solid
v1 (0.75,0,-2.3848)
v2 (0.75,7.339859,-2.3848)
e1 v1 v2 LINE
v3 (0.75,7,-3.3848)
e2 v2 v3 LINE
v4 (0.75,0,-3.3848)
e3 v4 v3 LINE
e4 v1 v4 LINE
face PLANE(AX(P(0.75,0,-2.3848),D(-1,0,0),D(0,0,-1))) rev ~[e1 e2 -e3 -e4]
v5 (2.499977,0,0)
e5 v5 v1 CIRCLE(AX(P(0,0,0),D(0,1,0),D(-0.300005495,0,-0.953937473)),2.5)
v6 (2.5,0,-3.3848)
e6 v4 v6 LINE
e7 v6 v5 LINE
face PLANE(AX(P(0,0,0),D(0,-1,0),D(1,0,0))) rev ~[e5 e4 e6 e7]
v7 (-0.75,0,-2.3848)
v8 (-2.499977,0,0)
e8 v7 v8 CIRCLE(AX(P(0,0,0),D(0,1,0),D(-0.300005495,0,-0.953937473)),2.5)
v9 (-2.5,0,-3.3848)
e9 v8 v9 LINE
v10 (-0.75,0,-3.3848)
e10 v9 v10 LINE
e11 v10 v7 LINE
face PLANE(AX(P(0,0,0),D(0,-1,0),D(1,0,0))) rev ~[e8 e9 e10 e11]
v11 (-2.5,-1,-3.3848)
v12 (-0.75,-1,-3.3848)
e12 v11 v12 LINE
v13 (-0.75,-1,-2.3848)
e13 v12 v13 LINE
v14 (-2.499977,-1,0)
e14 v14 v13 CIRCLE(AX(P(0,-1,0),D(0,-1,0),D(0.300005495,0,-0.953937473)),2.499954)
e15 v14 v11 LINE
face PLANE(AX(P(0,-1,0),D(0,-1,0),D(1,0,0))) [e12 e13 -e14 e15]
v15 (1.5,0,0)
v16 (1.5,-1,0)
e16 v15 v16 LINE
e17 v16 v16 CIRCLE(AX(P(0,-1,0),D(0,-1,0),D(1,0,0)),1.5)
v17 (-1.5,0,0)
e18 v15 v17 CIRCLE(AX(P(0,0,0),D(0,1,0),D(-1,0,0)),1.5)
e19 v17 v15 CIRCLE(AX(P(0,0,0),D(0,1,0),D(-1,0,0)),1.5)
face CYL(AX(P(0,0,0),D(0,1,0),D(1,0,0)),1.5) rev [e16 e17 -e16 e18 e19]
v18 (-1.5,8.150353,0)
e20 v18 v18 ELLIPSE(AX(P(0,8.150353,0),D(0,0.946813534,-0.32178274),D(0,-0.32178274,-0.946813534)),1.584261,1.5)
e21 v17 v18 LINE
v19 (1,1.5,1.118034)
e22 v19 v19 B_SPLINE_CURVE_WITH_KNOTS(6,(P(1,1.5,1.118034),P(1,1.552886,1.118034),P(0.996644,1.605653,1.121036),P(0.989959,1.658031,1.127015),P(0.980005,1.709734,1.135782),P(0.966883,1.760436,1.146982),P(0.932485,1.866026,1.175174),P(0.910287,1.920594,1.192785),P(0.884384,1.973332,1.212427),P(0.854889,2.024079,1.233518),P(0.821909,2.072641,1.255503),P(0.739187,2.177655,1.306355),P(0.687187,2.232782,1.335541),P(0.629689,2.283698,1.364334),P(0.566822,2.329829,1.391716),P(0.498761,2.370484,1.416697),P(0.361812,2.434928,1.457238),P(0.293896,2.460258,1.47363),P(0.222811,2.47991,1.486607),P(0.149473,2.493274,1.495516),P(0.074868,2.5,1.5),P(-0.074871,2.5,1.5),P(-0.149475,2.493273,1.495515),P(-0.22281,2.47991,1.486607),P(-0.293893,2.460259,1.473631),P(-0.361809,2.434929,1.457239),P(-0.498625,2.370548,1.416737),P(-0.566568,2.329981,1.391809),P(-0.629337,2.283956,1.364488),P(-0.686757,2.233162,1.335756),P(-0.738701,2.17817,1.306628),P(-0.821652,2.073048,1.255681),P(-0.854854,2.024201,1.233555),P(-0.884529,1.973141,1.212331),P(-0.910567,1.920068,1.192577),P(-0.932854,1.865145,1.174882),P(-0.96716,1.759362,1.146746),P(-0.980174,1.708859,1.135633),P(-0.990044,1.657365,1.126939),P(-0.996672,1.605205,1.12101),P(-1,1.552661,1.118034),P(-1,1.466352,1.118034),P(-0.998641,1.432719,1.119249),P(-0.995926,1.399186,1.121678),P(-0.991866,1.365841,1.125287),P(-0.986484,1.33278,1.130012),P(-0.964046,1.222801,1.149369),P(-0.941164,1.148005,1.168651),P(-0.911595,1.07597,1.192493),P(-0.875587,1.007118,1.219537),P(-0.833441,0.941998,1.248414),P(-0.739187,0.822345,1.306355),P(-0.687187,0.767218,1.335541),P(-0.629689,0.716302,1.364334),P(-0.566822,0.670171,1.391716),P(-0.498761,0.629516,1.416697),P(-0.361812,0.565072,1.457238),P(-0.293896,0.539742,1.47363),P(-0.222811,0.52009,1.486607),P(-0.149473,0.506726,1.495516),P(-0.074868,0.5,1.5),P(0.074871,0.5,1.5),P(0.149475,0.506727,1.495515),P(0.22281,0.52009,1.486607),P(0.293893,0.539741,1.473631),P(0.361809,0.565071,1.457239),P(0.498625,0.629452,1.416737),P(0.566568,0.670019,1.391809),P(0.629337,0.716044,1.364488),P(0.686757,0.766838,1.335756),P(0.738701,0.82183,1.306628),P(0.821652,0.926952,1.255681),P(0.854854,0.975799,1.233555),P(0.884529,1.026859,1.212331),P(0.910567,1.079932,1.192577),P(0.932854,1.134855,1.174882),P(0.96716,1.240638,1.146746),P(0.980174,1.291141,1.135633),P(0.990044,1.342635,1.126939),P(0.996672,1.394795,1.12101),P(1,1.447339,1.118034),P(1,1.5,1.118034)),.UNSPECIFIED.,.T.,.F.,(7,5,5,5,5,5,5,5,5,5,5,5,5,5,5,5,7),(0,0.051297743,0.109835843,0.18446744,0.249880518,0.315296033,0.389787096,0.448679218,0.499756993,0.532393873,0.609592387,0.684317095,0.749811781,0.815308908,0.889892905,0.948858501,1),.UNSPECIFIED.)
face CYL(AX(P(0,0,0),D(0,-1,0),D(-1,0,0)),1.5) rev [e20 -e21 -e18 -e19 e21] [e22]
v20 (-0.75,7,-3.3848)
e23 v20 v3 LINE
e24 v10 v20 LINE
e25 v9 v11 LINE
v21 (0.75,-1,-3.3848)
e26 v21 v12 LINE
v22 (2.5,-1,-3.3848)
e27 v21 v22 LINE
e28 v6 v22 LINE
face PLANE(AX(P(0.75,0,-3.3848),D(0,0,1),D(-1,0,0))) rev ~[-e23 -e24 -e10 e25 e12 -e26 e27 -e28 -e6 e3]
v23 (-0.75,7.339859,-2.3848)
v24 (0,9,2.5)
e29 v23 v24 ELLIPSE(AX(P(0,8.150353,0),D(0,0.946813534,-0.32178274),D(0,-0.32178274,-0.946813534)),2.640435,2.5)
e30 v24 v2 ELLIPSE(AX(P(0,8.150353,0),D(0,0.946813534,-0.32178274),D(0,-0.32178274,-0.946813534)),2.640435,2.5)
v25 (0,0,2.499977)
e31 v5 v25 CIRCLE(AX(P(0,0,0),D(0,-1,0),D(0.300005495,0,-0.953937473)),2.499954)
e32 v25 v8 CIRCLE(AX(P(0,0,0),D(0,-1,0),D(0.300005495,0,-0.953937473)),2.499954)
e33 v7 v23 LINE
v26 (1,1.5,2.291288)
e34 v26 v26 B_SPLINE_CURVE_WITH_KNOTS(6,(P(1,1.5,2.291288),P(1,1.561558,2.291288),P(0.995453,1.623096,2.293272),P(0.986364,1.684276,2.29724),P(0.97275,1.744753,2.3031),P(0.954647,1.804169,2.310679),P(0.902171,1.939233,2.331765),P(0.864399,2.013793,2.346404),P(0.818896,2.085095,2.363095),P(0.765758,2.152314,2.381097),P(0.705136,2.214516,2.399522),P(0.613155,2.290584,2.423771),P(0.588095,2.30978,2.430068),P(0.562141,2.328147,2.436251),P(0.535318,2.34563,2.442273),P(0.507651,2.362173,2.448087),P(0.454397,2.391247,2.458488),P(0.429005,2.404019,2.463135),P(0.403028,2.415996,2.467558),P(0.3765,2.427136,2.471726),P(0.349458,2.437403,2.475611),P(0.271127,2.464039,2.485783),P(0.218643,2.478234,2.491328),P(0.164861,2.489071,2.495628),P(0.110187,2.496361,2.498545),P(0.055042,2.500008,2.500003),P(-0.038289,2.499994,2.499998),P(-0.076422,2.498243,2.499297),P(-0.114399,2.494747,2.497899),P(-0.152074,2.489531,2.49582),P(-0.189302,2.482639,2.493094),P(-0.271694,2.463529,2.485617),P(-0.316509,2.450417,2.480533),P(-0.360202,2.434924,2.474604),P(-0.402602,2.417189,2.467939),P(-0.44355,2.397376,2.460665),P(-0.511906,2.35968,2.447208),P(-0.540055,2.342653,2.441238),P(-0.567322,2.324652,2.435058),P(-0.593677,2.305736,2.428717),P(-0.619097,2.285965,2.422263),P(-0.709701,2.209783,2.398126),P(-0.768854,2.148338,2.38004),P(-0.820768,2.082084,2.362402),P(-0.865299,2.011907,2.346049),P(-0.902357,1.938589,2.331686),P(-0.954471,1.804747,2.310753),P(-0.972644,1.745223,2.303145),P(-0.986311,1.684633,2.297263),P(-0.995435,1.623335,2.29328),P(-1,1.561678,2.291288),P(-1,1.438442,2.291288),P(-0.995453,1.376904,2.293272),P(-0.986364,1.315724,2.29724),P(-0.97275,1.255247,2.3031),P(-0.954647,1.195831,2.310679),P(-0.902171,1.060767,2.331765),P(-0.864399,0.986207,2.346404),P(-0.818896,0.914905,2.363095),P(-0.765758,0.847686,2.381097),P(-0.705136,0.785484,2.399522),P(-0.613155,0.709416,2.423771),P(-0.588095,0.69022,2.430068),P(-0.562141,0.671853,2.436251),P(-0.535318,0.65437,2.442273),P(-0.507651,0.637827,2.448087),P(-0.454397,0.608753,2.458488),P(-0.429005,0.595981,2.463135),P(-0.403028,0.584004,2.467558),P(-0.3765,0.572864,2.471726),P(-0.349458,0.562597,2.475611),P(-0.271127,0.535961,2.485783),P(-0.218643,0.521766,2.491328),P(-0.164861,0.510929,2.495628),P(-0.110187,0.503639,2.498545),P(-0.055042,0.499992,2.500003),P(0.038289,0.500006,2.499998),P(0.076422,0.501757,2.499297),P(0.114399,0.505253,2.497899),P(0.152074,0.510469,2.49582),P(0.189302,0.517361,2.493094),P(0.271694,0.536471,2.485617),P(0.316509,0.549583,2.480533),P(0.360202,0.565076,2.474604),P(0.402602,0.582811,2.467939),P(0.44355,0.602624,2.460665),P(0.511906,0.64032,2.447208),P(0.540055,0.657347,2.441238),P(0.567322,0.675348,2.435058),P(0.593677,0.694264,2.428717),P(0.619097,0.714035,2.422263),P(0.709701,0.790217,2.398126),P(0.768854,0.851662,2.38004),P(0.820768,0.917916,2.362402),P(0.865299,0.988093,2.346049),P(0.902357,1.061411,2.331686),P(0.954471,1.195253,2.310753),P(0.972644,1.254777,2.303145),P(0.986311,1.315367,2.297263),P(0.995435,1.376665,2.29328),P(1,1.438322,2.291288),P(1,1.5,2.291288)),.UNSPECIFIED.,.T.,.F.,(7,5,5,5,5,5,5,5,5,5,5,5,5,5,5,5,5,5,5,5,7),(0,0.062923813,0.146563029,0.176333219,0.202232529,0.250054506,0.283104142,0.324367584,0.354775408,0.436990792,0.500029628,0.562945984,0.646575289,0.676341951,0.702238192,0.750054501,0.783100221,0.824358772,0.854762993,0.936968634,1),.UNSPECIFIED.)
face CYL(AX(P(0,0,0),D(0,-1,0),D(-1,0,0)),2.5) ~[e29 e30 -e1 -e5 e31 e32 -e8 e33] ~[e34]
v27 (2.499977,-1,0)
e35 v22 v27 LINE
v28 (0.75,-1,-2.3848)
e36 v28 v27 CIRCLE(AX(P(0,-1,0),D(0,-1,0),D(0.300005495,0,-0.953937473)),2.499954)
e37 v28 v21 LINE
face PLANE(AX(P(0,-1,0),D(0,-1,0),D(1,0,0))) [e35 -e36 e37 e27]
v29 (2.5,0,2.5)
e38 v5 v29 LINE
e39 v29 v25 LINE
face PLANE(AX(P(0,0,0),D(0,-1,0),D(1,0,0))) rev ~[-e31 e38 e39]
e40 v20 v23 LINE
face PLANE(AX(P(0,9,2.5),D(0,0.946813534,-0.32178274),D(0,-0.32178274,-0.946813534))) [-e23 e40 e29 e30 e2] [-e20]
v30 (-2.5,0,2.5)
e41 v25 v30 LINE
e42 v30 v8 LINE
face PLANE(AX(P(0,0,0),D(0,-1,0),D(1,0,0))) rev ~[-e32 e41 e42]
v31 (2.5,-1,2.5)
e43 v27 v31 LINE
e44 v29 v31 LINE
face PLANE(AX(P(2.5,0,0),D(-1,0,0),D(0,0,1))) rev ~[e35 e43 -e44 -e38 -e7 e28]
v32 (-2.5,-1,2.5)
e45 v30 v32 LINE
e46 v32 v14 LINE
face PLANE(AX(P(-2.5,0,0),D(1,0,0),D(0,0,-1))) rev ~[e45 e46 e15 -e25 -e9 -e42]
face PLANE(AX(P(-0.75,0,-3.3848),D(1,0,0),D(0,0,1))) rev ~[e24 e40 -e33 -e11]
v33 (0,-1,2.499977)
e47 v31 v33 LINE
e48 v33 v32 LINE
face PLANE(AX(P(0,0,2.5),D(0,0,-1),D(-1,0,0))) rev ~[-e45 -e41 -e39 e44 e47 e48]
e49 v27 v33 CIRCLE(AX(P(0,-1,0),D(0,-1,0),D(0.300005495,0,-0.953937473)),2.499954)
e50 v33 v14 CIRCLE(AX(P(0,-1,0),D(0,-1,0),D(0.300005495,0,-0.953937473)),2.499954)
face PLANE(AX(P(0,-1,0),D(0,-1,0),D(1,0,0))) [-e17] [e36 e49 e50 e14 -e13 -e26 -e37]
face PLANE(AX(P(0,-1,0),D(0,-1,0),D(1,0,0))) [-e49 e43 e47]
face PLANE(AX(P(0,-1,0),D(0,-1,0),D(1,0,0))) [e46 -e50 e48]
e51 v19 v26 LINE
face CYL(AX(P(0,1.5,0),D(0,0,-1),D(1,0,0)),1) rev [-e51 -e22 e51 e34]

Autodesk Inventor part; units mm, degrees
ref_plane "YZ Plane" through (0, 0, 0) normal (1, 0, 0) x (0, 1, 0)
ref_plane "XZ Plane" through (0, 0, 0) normal (0, 1, 0) x (-1, 0, 0)
ref_plane "XY Plane" through (0, 0, 0) normal (0, 0, 1) x (1, 0, 0)
sketch "Esquisse1" plane through (0, 0, 0) normal (0, 1, 0) x (-1, 0, 0)
  circle A0 centre (0, 0) radius 2.5
  line L0 (0.75, -2.3848) -> (-0.75, -2.3848)
  line L1 (-0.75, -2.3848) -> (-0.75, -3.3848)
  line L2 (-0.75, -3.3848) -> (0.75, -3.3848)
  line L3 (0.75, -3.3848) -> (0.75, -2.3848)
  circle A1 centre (0, 0) radius 1.5
  dimension "d0" = 5
  dimension "d1" = 1.5
  dimension "d2" = 1
  dimension "d3" = 3
extrude "Extrusion1" add sketch "Esquisse1" along normal blind 9
sketch "Esquisse2" plane through (0, 0, 0) normal (0, -1, 0) x (1, 0, 0)
  circle A0 centre (0, 0) radius 1.5 projected
  line L0 (-0.75, -3.3848) -> (-0.75, -2.3848) projected
  line L1 (0.75, -3.3848) -> (-0.75, -3.3848) projected
  line L2 (0.75, -2.3848) -> (0.75, -3.3848) projected
  arc A1 (0.75, -2.3848) -> (-0.75, -2.3848) centre (0, 0) ccw projected
  line L3 (2.5, 2.5) -> (-2.5, 2.5)
  line L4 (-2.5, 2.5) -> (-2.5, -3.3848)
  line L5 (-2.5, -3.3848) -> (2.5, -3.3848)
  line L6 (2.5, -3.3848) -> (2.5, 2.5)
  arc A2 (0.75, -2.3848) -> (-0.75, -2.3848) centre (0, 0) ccw projected
extrude "Extrusion2" add sketch "Esquisse2" along normal blind 1
sketch "Esquisse3" plane through (0, 0, 0) normal (0, 0, 1) x (1, 0, 0)
  circle A0 centre (0, 1.5) radius 1
  line L0 (1.5, -1) -> (-1.5, -1) projected
  point P0 (0, 0)
  dimension "d8" = 2
  dimension "d9" = 2.5
extrude "Extrusion3" cut sketch "Esquisse3" along normal up to surface
sketch "Esquisse4" plane through (0, 0, 0) normal (1, 0, 0) x (0, 1, 0)
  line L0 (0, 2.5) -> (9, 2.5) projected
  line L1 (9, 2.5) -> (7, -3.3848)
  line L2 (0, -3.3848) -> (9, -3.3848) projected
  line L3 (9, 2.5) -> (9, -3.3848)
  line L4 (7, -3.3848) -> (9, -3.3848)
  point P0 (0, 0)
  dimension "d13" = 2
extrude "Extrusion4" cut sketch "Esquisse4" along normal mid plane 6
properties part number "tige_ejection_douille"
